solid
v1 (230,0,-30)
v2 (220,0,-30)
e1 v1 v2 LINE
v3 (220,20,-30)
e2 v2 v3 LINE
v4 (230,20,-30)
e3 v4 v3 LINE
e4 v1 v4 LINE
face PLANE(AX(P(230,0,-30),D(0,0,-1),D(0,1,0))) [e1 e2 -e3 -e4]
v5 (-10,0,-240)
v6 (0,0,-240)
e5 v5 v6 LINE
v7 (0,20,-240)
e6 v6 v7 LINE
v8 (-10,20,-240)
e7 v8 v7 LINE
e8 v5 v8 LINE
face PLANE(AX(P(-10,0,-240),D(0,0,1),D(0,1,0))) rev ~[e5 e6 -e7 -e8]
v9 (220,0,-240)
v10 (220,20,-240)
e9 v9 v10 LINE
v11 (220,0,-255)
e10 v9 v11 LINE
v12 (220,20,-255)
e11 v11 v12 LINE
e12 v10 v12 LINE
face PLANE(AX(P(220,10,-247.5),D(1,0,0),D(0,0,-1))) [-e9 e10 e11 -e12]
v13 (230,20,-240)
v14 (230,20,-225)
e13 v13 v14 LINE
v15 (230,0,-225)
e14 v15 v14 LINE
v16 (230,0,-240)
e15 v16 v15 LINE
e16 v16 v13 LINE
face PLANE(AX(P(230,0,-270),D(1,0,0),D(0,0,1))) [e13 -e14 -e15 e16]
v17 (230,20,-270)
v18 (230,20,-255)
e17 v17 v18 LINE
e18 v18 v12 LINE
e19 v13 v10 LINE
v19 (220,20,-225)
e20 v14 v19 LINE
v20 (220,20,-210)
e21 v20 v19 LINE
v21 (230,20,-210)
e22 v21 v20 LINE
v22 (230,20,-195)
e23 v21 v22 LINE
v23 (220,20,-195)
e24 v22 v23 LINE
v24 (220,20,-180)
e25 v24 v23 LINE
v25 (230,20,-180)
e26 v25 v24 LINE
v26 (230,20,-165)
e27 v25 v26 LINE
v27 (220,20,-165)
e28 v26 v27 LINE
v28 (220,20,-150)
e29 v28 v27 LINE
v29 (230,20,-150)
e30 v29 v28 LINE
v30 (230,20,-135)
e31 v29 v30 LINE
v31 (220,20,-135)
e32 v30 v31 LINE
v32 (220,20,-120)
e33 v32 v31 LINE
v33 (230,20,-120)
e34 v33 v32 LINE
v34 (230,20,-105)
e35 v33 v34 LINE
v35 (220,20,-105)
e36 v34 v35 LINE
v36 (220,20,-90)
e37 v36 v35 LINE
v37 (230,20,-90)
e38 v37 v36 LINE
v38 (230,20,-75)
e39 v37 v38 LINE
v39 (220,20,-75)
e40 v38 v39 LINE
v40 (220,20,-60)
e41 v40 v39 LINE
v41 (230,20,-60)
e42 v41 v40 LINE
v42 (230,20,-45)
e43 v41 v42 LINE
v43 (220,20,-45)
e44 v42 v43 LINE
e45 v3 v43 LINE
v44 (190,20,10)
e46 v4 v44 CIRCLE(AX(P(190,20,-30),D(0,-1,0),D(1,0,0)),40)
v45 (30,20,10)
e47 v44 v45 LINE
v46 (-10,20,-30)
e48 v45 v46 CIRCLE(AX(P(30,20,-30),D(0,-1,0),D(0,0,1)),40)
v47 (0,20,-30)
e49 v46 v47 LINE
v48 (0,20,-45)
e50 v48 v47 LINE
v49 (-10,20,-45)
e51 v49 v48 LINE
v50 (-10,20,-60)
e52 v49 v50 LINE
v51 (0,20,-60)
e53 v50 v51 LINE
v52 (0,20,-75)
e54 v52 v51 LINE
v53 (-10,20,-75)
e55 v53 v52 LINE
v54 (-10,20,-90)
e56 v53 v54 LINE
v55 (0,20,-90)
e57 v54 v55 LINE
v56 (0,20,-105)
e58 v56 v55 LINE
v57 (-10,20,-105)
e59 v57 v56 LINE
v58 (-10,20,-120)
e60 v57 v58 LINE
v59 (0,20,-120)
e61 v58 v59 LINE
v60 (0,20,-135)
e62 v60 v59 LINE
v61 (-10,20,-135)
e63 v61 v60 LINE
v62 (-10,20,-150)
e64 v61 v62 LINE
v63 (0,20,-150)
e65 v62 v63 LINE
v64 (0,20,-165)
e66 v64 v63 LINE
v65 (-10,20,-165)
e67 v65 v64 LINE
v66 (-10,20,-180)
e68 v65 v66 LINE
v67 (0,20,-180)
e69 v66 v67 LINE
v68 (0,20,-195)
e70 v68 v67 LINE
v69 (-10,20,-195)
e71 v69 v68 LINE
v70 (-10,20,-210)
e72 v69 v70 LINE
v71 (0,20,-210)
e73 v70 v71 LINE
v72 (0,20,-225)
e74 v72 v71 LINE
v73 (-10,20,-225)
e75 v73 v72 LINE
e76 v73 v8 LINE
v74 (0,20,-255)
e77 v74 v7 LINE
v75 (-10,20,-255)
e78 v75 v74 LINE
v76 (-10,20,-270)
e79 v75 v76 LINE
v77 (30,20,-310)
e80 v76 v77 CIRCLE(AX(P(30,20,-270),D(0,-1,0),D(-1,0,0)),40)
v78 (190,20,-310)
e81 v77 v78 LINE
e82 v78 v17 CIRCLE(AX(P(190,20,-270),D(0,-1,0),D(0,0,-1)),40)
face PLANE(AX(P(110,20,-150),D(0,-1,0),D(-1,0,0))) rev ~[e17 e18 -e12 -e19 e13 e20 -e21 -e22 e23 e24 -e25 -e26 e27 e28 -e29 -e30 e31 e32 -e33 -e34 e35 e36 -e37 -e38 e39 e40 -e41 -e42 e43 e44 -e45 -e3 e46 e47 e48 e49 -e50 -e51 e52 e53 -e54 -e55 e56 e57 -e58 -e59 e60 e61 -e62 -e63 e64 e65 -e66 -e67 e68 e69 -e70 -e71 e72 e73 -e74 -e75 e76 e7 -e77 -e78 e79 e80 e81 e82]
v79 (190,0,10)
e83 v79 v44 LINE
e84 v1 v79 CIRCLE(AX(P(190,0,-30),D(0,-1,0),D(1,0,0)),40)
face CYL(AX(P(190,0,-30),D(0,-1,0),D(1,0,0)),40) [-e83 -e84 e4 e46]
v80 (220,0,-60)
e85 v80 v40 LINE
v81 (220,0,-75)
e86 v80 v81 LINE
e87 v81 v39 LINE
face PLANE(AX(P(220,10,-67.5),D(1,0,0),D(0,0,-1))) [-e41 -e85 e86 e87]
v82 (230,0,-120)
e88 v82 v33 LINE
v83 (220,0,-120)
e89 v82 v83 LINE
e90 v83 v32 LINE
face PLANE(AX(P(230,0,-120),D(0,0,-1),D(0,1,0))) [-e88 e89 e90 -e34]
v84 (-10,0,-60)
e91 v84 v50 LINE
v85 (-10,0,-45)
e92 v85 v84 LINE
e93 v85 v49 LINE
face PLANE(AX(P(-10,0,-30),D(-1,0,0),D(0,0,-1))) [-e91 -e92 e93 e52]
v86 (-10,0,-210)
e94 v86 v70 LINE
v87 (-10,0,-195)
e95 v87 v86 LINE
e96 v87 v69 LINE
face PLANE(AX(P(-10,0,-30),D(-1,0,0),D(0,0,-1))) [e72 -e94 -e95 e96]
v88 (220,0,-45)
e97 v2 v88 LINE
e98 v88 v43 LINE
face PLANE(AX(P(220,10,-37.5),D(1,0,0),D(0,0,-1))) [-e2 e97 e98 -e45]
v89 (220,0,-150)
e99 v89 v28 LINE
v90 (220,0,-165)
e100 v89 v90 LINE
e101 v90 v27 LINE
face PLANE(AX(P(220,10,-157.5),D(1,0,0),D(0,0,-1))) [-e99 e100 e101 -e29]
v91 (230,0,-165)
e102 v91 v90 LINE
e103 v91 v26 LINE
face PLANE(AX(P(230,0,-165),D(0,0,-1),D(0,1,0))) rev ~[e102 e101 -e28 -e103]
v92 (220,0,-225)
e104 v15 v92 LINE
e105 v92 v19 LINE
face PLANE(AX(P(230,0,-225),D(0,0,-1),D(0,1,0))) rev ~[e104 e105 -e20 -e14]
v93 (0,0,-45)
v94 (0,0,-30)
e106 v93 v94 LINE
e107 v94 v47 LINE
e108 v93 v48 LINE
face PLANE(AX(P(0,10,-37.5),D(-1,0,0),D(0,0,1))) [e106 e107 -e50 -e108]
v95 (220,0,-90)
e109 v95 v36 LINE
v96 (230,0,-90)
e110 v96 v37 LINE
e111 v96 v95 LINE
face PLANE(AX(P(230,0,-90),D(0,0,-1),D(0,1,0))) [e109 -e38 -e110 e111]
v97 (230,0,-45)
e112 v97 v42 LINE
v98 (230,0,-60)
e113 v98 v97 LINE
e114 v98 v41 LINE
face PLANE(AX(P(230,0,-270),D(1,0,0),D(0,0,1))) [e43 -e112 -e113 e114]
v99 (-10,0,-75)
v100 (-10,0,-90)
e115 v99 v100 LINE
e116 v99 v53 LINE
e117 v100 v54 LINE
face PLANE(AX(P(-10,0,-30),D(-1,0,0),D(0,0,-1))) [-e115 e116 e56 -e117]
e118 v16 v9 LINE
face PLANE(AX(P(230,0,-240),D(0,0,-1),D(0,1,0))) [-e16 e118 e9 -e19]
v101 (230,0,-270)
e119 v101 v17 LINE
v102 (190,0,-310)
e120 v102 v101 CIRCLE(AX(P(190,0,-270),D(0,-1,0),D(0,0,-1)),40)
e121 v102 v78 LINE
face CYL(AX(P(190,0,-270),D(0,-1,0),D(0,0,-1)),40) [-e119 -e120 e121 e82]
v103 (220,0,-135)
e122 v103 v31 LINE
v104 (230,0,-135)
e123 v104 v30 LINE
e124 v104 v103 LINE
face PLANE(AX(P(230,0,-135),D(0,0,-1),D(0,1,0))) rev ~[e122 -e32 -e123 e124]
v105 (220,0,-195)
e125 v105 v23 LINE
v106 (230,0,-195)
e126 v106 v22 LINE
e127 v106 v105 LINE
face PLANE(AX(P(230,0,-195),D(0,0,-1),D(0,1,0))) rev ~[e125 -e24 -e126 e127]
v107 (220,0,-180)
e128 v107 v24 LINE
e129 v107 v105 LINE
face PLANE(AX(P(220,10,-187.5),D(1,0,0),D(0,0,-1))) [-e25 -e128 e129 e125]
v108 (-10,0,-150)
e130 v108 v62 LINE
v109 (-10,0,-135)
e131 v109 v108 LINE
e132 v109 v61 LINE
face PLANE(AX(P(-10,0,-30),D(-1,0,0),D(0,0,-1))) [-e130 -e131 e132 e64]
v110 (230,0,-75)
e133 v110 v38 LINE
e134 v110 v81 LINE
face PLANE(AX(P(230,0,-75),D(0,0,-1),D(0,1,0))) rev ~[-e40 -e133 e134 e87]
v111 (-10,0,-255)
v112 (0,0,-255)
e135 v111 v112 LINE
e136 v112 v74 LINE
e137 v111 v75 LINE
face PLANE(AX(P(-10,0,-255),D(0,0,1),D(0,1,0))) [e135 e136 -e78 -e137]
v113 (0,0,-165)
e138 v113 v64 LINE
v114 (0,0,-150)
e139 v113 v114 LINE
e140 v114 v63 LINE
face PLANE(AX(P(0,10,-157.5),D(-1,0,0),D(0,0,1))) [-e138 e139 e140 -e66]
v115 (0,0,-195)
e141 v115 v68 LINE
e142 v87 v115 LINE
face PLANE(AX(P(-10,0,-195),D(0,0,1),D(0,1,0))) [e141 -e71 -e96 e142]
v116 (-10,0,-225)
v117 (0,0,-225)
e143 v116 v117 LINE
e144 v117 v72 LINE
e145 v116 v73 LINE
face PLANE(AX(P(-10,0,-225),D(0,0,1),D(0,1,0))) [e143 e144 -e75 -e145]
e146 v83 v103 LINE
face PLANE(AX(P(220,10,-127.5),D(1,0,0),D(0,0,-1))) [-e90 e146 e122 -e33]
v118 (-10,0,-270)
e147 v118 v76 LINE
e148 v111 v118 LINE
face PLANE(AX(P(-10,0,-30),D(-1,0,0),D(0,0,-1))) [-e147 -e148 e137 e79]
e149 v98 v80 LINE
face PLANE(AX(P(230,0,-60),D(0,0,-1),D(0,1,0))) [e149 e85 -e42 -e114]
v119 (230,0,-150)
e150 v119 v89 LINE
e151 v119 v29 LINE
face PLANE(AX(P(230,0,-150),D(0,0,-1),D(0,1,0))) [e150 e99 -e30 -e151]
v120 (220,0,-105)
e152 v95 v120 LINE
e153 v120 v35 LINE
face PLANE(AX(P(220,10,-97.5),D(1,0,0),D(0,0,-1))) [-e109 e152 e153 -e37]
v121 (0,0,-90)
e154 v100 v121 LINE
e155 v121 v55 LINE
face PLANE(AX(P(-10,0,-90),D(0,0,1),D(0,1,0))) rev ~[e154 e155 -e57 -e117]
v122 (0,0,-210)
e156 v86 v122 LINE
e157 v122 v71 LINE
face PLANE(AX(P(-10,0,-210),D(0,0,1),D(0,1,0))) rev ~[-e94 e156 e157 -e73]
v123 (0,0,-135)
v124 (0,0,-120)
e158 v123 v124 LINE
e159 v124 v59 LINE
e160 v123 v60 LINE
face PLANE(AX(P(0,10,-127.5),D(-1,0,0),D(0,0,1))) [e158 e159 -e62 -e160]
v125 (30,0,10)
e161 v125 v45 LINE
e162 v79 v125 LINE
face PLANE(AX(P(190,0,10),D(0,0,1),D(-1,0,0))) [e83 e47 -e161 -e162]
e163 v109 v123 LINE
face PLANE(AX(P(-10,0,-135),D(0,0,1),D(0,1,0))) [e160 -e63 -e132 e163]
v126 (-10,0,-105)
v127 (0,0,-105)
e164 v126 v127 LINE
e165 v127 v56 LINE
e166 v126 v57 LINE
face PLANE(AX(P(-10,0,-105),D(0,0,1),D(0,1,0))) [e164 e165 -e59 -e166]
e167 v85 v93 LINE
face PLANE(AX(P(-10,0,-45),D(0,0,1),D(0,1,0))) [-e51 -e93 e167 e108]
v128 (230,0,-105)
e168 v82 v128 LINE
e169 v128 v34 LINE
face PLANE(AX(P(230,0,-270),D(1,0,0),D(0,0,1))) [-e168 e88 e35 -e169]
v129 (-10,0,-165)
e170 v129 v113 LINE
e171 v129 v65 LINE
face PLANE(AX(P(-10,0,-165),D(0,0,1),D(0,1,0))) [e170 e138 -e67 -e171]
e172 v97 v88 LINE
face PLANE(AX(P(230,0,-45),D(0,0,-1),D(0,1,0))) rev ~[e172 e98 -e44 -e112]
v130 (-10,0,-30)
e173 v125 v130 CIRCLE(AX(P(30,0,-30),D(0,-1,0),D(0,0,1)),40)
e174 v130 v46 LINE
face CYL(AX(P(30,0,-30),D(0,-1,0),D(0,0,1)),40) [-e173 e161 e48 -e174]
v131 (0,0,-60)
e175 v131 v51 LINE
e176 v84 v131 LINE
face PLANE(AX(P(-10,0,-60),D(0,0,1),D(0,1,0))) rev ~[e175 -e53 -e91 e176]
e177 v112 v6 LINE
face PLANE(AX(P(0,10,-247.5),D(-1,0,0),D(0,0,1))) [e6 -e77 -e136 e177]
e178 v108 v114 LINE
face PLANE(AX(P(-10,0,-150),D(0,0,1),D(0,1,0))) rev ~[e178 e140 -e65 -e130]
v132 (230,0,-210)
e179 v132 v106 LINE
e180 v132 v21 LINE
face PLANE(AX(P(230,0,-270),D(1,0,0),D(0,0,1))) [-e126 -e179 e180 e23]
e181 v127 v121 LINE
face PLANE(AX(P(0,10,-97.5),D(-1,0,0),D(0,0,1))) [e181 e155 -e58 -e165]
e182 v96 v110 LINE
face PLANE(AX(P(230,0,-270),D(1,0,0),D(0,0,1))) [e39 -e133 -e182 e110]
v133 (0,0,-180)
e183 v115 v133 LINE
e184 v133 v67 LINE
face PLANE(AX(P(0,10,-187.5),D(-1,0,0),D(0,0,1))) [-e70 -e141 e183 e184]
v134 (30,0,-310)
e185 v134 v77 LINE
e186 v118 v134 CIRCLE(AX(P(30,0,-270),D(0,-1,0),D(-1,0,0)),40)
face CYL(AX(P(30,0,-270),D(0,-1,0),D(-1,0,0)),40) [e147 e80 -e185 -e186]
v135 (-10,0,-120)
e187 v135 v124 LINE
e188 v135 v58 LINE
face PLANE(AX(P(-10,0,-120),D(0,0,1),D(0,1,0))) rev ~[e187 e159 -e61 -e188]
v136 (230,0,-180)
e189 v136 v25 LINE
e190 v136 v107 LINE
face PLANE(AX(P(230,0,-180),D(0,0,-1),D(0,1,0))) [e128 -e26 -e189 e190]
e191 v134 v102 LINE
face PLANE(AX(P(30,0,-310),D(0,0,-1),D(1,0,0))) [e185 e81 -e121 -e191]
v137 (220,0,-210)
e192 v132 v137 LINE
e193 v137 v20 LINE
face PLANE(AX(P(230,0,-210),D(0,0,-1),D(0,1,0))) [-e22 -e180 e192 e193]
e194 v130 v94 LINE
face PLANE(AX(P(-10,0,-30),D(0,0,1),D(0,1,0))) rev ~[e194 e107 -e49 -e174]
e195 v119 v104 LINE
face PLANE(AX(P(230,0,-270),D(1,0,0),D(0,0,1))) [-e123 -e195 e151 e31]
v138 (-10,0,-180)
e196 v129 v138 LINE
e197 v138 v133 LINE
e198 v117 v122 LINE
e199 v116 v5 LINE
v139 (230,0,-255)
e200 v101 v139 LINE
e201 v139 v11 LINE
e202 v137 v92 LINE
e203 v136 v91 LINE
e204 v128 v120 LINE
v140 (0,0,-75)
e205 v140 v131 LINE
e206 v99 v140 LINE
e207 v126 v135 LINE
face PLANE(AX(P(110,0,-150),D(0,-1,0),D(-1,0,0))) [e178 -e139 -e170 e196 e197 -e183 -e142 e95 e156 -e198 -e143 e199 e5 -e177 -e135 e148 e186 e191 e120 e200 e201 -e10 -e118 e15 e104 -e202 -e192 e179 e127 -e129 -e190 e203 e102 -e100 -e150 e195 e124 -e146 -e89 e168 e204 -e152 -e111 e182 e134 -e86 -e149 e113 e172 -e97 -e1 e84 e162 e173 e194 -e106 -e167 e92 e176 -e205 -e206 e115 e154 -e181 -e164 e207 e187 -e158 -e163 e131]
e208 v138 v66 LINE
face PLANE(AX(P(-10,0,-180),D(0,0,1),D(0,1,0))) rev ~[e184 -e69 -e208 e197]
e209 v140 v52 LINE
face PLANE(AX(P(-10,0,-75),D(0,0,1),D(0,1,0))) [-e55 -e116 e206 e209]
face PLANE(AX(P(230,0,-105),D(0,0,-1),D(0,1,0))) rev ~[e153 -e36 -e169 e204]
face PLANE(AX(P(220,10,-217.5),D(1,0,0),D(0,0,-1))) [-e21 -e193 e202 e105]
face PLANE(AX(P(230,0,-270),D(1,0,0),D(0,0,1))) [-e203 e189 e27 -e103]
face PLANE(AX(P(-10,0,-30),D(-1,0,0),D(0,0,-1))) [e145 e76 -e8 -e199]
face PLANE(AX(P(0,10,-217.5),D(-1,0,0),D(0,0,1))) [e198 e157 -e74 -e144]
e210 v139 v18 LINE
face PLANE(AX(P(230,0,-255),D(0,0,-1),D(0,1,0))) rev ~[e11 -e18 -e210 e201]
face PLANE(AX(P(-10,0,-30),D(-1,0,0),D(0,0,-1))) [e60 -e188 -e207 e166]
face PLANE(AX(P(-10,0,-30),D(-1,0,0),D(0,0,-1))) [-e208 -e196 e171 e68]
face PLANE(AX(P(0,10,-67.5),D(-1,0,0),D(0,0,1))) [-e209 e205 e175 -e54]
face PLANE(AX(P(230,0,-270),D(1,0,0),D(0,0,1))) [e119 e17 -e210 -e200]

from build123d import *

# Parameters (mm, degrees)
BOSS_EXTRUDE1_DEPTH = 20
SKETCH3_W           = 15
SKETCH3_H           = 20
CUT_EXTRUDE1_DEPTH  = 10
SKETCH4_W           = 15
SKETCH4_H           = 20
CUT_EXTRUDE2_DEPTH  = 10


with BuildPart() as part:
    # Sketch1 → Boss-Extrude1 (new body)
    with BuildSketch(Plane(origin=(0, 0, 0), x_dir=(1, 0, 0), z_dir=(0, 1, 0))):
        with BuildLine():
            Line((-10, 30), (-10, 270))
            ThreePointArc((-10, 270), (1.715728753, 298.284271247), (30, 310))
            Line((30, 310), (190, 310))
            ThreePointArc((190, 310), (218.284271247, 298.284271247), (230, 270))
            Line((230, 270), (230, 30))
            ThreePointArc((230, 30), (218.284271247, 1.715728753), (190, -10))
            Line((190, -10), (30, -10))
            ThreePointArc((30, -10), (1.715728753, 1.715728753), (-10, 30))
        make_face()
    extrude(amount=BOSS_EXTRUDE1_DEPTH)

    # Sketch3 → Cut-Extrude1 (cut)
    with BuildSketch(Plane.ZY.offset(10)):
        with Locations((-247.5, 10)):
            Rectangle(SKETCH3_W, SKETCH3_H)
        with Locations((-217.5, 10)):
            Rectangle(SKETCH3_W, SKETCH3_H)
        with Locations((-187.5, 10)):
            Rectangle(SKETCH3_W, SKETCH3_H)
        with Locations((-157.5, 10)):
            Rectangle(SKETCH3_W, SKETCH3_H)
        with Locations((-127.5, 10)):
            Rectangle(SKETCH3_W, SKETCH3_H)
        with Locations((-97.5, 10)):
            Rectangle(SKETCH3_W, SKETCH3_H)
        with Locations((-67.5, 10)):
            Rectangle(SKETCH3_W, SKETCH3_H)
        with Locations((-37.5, 10)):
            Rectangle(SKETCH3_W, SKETCH3_H)
    extrude(amount=-CUT_EXTRUDE1_DEPTH, mode=Mode.SUBTRACT)

    # Sketch4 → Cut-Extrude2 (cut)
    with BuildSketch(Plane(origin=(230, 0, 0), x_dir=(0, 0, -1), z_dir=(1, 0, 0))):
        with Locations((247.5, 10)):
            Rectangle(SKETCH4_W, SKETCH4_H)
        with Locations((217.5, 10)):
            Rectangle(SKETCH4_W, SKETCH4_H)
        with Locations((157.5, 10)):
            Rectangle(SKETCH4_W, SKETCH4_H)
        with Locations((127.5, 10)):
            Rectangle(SKETCH4_W, SKETCH4_H)
        with Locations((97.5, 10)):
            Rectangle(SKETCH4_W, SKETCH4_H)
        with Locations((67.5, 10)):
            Rectangle(SKETCH4_W, SKETCH4_H)
        with Locations((37.5, 10)):
            Rectangle(SKETCH4_W, SKETCH4_H)
        with Locations((187.5, 10)):
            Rectangle(SKETCH4_W, SKETCH4_H)
    extrude(amount=-CUT_EXTRUDE2_DEPTH, mode=Mode.SUBTRACT)


solid = part.part
